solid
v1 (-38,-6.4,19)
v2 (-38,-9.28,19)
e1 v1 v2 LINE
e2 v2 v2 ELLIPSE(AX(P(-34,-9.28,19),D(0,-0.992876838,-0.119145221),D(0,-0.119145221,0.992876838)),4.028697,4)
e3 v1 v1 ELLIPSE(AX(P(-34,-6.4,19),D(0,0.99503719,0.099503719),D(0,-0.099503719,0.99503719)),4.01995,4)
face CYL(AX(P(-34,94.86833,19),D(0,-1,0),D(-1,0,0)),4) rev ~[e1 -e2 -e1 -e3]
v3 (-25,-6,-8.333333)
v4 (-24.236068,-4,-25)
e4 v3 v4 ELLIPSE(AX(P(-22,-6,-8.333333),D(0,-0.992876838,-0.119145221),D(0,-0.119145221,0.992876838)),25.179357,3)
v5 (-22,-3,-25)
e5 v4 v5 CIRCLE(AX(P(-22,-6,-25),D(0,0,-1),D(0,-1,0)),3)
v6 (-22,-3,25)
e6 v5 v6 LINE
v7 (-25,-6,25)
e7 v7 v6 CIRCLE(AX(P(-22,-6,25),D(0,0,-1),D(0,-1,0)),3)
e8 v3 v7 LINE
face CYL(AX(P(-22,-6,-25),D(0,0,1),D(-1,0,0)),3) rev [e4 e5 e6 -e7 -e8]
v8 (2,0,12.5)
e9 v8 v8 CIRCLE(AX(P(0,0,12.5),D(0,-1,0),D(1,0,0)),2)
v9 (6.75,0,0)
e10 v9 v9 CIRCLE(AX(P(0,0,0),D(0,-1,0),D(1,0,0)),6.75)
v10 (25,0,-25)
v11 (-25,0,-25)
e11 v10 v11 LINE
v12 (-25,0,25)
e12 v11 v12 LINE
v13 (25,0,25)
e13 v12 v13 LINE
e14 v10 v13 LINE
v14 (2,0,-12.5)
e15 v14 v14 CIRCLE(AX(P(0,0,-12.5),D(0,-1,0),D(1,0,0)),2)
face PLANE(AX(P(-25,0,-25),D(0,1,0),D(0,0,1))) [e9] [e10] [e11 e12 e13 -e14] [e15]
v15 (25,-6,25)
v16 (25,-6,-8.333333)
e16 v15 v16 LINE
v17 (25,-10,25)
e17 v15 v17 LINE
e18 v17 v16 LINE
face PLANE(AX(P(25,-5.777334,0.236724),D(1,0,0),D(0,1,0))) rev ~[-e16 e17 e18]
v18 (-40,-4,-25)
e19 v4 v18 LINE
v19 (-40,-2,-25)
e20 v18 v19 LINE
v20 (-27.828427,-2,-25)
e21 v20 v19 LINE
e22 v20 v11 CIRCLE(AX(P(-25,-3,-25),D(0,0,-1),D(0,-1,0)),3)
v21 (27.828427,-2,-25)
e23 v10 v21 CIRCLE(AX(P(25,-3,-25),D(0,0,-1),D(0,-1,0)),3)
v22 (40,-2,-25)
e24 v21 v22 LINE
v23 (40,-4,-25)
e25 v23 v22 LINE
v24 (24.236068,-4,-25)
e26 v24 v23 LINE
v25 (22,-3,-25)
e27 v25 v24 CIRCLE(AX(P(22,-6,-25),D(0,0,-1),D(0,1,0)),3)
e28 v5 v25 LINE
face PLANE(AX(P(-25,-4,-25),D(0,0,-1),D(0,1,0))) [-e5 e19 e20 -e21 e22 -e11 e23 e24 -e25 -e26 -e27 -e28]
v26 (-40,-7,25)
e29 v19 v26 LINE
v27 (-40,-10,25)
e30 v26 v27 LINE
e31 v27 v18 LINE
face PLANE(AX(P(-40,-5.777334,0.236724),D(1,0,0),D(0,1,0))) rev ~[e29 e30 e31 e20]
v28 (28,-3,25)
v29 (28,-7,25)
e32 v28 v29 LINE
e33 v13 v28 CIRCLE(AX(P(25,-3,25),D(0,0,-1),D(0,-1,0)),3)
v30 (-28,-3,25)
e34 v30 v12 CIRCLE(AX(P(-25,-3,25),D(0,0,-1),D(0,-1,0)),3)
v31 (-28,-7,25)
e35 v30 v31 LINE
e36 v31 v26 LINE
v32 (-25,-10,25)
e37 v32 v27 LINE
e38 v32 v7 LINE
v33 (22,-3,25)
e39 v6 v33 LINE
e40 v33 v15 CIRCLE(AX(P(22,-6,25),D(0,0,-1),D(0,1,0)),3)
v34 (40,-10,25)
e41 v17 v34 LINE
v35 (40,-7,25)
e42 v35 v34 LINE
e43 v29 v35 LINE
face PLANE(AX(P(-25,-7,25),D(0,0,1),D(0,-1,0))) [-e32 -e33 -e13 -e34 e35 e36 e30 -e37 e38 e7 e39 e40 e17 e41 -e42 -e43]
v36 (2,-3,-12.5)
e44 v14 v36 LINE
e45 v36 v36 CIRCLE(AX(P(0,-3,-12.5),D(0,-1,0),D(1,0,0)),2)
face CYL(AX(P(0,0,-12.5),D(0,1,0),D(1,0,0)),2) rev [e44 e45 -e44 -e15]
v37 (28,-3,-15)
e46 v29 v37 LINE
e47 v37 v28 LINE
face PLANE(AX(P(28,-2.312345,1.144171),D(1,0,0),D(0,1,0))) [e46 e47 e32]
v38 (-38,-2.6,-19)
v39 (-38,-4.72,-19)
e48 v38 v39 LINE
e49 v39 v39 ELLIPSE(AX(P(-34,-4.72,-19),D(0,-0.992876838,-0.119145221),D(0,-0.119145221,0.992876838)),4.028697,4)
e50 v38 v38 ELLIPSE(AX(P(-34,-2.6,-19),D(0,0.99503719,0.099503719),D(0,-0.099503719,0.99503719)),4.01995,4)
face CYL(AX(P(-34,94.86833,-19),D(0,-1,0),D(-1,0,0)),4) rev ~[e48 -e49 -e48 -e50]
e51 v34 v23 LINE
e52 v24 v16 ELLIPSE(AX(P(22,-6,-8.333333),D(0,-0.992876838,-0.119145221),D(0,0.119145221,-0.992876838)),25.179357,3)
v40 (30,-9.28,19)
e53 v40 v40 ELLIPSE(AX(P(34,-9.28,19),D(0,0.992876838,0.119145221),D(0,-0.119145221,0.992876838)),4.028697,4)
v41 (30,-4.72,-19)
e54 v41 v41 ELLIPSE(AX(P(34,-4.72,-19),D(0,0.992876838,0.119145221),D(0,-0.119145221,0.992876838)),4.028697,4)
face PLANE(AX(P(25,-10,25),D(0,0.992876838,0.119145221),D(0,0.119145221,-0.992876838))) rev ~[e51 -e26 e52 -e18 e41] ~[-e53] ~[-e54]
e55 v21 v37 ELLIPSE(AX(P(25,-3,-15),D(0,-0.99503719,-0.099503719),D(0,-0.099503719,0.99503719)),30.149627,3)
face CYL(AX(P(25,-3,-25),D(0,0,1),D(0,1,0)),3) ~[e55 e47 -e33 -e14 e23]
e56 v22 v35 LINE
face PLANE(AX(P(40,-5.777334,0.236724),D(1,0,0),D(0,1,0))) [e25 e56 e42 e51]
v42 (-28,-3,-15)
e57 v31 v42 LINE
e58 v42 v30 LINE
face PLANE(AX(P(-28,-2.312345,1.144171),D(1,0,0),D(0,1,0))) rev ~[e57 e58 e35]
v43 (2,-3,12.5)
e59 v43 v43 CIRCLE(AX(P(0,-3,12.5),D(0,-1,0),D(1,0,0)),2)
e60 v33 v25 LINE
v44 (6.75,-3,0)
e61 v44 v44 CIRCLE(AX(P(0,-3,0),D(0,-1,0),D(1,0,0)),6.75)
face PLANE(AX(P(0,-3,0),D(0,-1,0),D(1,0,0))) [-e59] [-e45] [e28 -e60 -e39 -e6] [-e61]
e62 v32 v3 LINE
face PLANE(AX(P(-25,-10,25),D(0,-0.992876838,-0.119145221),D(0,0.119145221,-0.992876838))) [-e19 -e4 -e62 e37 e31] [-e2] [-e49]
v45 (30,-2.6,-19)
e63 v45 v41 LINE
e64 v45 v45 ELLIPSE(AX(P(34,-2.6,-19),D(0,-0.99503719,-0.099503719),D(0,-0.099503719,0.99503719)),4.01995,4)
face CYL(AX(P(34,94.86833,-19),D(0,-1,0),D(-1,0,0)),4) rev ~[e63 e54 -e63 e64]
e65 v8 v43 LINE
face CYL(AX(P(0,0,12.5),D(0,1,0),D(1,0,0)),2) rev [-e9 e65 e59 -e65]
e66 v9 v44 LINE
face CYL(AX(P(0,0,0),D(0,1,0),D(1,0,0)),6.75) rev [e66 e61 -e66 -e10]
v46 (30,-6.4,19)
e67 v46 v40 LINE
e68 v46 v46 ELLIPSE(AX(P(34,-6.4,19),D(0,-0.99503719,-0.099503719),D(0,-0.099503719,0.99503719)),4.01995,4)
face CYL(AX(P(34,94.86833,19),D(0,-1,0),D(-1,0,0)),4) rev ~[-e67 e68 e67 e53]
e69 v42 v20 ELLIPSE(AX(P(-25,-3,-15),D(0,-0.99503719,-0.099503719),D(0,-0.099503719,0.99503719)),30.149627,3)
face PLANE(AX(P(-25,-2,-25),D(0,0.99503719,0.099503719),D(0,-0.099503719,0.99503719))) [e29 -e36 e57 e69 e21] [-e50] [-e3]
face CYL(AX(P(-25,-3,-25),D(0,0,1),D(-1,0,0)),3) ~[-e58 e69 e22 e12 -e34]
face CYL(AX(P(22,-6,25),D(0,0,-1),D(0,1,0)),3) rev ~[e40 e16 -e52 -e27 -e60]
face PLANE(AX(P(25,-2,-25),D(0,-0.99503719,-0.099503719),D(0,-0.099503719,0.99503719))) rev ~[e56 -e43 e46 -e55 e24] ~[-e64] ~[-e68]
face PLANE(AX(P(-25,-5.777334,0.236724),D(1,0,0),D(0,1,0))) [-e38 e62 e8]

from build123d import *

# Parameters (mm, degrees)
F0_W     = 50
F0_H     = 50
F0_R     = 2
F0_R_2   = 6.75
F1_DEPTH = 3
F3_START = 25
F3_DEPTH = 3
F5_START = -25
F5_DEPTH = 3
F7_START = 25
F7_DEPTH = 15
F8_START = -25
F8_DEPTH = 15
F10_D    = 8
F11_R    = 3


with BuildPart() as f1:
    # F0 (on Front) → F1 (new body)
    with BuildSketch(Plane.XZ):
        Rectangle(F0_W, F0_H)
        with Locations((0, -12.5)):
            Circle(F0_R, mode=Mode.SUBTRACT)
        Circle(F0_R_2, mode=Mode.SUBTRACT)
        with Locations((0, 12.5)):
            Circle(F0_R, mode=Mode.SUBTRACT)
    extrude(amount=F1_DEPTH)

    # F2 (on Right) → F3 (join)
    with BuildSketch(Plane.YZ.offset(F3_START)):
        Polygon((0, 25), (-2, 25), (-7, 25), (-2, -25), (0, -25), align=None)
    extrude(amount=F3_DEPTH)

    # F4 (on Right) → F5 (join)
    with BuildSketch(Plane.YZ.offset(F5_START)):
        Polygon((0, -25), (0, 25), (-2, 25), (-7, 25), (-2, -25), align=None)
    extrude(amount=-F5_DEPTH)

    # F6 (on Right) → F7 (join)
    with BuildSketch(Plane.YZ.offset(F7_START)):
        Polygon((-2, -25), (-7, 25), (-10, 25), (-4, -25), align=None)
    extrude(amount=F7_DEPTH)

    # F6 (on Right) → F8 (join)
    with BuildSketch(Plane.YZ.offset(F8_START)):
        Polygon((-2, -25), (-7, 25), (-10, 25), (-4, -25), align=None)
    extrude(amount=-F8_DEPTH)

    # F10 (through all)
    with Locations(Plane(origin=(0, 0, 0), x_dir=(1, 0, 0), z_dir=(0, 1, 0))):
        with Locations((-34, -19), (-34, 19), (34, 19), (34, -19)):
            Hole(F10_D / 2)

    # F11
    f11_edges = [f1.edges().sort_by_distance(p)[0] for p in [
        (-28, 0, 0),
        (28, 0, 0),
        (25, -3, 0),
        (-25, -3, 0),
    ]]
    fillet(f11_edges, radius=F11_R)


solid = f1.part
